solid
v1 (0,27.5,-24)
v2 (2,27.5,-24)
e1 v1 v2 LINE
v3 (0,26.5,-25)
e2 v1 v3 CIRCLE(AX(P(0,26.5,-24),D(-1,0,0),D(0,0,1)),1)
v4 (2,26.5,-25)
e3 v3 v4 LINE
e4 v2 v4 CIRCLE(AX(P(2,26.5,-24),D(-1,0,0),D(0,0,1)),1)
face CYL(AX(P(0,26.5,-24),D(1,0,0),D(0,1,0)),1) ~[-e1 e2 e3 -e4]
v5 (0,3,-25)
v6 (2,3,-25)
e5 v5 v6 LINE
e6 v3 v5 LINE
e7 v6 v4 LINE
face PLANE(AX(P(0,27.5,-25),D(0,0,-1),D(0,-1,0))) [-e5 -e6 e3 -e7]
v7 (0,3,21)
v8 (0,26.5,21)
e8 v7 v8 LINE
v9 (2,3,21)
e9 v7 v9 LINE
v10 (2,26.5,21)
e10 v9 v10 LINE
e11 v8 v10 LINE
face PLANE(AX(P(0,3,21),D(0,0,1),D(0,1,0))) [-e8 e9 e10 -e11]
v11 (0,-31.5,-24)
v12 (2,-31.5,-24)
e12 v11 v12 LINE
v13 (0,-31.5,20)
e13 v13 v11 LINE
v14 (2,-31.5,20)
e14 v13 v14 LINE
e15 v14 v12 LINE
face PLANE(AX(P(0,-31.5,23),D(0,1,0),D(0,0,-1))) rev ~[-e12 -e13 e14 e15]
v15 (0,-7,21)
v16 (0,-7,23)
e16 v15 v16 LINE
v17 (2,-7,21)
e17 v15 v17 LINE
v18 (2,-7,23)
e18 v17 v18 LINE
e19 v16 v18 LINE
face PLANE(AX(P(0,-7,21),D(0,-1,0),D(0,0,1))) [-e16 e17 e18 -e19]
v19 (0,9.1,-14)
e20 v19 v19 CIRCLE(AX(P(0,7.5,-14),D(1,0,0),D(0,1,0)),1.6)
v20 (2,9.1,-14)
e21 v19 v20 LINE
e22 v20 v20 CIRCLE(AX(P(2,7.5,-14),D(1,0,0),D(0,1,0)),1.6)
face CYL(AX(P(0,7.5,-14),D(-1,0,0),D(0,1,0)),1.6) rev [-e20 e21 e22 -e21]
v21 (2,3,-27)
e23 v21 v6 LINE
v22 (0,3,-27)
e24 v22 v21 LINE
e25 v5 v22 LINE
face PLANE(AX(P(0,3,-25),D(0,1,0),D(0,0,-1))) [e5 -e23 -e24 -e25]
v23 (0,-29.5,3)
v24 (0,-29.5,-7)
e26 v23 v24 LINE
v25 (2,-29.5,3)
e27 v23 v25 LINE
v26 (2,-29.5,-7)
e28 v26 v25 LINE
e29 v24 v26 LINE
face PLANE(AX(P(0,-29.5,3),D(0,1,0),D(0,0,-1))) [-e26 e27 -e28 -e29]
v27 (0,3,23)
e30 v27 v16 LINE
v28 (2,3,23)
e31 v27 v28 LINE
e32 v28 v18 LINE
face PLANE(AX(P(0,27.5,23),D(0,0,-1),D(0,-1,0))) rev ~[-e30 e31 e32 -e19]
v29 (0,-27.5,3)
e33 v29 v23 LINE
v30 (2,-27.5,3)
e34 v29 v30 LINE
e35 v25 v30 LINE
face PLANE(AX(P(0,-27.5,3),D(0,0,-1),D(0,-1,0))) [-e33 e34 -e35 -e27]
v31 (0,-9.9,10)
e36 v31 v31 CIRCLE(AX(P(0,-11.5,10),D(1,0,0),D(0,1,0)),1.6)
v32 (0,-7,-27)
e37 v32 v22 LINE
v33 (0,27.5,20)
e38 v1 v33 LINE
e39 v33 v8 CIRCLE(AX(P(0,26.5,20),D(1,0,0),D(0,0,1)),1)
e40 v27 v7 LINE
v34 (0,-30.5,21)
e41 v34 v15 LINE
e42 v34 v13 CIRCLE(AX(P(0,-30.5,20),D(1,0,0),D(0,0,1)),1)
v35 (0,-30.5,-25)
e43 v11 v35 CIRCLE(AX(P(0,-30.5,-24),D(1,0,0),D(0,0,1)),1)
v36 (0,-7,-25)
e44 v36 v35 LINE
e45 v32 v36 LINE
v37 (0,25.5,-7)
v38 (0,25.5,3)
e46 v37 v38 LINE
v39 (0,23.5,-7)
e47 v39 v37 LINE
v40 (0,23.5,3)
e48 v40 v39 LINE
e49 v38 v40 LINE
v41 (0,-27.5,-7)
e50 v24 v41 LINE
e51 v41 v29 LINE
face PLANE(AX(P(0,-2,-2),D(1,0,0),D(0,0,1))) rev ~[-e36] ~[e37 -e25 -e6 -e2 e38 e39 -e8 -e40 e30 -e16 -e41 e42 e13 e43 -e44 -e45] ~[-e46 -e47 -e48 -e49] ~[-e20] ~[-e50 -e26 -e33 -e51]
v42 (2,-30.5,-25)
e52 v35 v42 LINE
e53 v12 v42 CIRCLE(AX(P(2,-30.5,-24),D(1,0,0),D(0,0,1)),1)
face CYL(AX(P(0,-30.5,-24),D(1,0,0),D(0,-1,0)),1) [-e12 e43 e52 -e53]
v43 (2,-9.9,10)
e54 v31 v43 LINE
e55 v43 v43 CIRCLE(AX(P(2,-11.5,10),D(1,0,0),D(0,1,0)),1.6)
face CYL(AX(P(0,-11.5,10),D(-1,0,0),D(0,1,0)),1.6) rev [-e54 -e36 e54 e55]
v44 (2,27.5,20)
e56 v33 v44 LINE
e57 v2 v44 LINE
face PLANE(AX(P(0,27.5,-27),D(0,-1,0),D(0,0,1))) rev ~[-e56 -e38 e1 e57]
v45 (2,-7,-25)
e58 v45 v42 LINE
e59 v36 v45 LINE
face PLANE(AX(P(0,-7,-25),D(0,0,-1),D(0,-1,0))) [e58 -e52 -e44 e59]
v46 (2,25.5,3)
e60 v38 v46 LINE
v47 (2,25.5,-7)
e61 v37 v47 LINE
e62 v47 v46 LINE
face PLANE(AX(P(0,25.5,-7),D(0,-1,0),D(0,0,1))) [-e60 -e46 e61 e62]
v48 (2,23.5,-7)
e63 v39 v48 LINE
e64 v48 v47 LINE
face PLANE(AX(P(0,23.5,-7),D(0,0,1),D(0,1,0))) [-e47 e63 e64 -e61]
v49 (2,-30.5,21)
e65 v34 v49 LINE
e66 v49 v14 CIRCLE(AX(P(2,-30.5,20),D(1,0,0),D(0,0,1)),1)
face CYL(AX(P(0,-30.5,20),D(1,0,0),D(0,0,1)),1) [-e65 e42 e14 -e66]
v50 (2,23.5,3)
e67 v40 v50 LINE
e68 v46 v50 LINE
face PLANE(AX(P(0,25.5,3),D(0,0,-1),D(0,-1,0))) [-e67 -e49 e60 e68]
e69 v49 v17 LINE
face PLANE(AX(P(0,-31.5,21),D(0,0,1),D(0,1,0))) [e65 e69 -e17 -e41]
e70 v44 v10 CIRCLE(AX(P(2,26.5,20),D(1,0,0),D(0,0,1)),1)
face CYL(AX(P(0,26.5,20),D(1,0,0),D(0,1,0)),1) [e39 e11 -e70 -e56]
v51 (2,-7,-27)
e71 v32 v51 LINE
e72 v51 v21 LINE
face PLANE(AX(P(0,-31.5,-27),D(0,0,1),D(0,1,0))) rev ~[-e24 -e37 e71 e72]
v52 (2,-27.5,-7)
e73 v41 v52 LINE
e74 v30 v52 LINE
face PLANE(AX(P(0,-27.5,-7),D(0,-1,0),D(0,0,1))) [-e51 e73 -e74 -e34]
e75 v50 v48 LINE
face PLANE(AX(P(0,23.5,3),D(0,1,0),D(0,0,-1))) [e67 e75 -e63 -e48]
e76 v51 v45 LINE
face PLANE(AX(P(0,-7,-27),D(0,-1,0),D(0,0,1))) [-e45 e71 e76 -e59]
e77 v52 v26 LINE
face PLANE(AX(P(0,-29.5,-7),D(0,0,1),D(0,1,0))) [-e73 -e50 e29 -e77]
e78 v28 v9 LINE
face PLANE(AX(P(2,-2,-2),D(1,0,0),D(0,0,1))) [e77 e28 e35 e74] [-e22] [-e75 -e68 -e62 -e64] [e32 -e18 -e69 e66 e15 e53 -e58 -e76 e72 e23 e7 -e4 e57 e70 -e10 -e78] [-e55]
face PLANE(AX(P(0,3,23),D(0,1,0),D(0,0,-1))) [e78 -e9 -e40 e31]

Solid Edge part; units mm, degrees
sketch "Sketch1" plane through (0, 0, 0) normal (1, 0, 0) x (0, 1, 0)
  line L0 (27.5, -27) -> (27.5, 23)
  line L1 (27.5, 23) -> (-31.5, 23)
  line L2 (-31.5, 23) -> (-31.5, -27)
  line L3 (-31.5, -27) -> (27.5, -27)
extrude "Protrusion1" add sketch "Sketch1" along normal blind 2
sketch "Sketch2" plane through (0, 0, 0) normal (1, 0, 0) x (0, 1, 0)
  line L0 (-31.5, 21) -> (-7, 21)
  line L1 (-7, 21) -> (-7, 23)
  line L2 (-7, 23) -> (-31.5, 23)
  line L3 (-31.5, 23) -> (-31.5, 21)
extrude "ExtrudedCutout_1" cut sketch "Sketch2" along normal blind 2
sketch "Sketch3" plane through (0, 0, 0) normal (1, 0, 0) x (0, 1, 0)
  line L0 (3, 21) -> (27.5, 21)
  line L1 (27.5, 21) -> (27.5, 23)
  line L2 (27.5, 23) -> (3, 23)
  line L3 (3, 23) -> (3, 21)
extrude "ExtrudedCutout_2" cut sketch "Sketch3" along normal blind 2
sketch "Sketch4" plane through (0, 0, 0) normal (1, 0, 0) x (0, 1, 0)
  line L0 (23.5, 3) -> (23.5, -7)
  line L1 (23.5, -7) -> (25.5, -7)
  line L2 (25.5, -7) -> (25.5, 3)
  line L3 (25.5, 3) -> (23.5, 3)
extrude "ExtrudedCutout_3" cut sketch "Sketch4" along normal blind 2
sketch "Sketch5" plane through (0, 0, 0) normal (1, 0, 0) x (0, 1, 0)
  line L0 (27.5, -25) -> (3, -25)
  line L1 (3, -25) -> (3, -27)
  line L2 (3, -27) -> (27.5, -27)
  line L3 (27.5, -27) -> (27.5, -25)
extrude "ExtrudedCutout_4" cut sketch "Sketch5" along normal blind 4
sketch "Sketch6" plane through (0, 0, 0) normal (1, 0, 0) x (0, 1, 0)
  line L0 (-7, -25) -> (-31.5, -25)
  line L1 (-31.5, -25) -> (-31.5, -27)
  line L2 (-31.5, -27) -> (-7, -27)
  line L3 (-7, -27) -> (-7, -25)
extrude "ExtrudedCutout_5" cut sketch "Sketch6" along normal blind 2
sketch "Sketch7" plane through (0, 0, 0) normal (1, 0, 0) x (0, 1, 0)
  line L0 (-29.5, -7) -> (-27.5, -7)
  line L1 (-27.5, -7) -> (-27.5, 3)
  line L2 (-27.5, 3) -> (-29.5, 3)
  line L3 (-29.5, 3) -> (-29.5, -7)
extrude "ExtrudedCutout_6" cut sketch "Sketch7" along normal blind 4
sketch "Sketch8" plane through (0, 0, 0) normal (1, 0, 0) x (0, 1, 0)
  circle A0 centre (-11.5, 10) radius 1.6
  circle A1 centre (7.5, -14) radius 1.6
  dimension "D1" = 3.2
  dimension "D2" = 3.2
  dimension "D3" = 3.5
  dimension "D4" = 3.5
  dimension "D5" = 3.5
  dimension "D6" = 3.5
extrude "ExtrudedCutout_7" cut sketch "Sketch8" along normal blind 2
fillet "Round_1" radius 1 4 edges at (1, 27.5, -25) (1, 27.5, 21) (1, -31.5, 21) (1, -31.5, -25)
properties material "Acrylic, high impact grade"
